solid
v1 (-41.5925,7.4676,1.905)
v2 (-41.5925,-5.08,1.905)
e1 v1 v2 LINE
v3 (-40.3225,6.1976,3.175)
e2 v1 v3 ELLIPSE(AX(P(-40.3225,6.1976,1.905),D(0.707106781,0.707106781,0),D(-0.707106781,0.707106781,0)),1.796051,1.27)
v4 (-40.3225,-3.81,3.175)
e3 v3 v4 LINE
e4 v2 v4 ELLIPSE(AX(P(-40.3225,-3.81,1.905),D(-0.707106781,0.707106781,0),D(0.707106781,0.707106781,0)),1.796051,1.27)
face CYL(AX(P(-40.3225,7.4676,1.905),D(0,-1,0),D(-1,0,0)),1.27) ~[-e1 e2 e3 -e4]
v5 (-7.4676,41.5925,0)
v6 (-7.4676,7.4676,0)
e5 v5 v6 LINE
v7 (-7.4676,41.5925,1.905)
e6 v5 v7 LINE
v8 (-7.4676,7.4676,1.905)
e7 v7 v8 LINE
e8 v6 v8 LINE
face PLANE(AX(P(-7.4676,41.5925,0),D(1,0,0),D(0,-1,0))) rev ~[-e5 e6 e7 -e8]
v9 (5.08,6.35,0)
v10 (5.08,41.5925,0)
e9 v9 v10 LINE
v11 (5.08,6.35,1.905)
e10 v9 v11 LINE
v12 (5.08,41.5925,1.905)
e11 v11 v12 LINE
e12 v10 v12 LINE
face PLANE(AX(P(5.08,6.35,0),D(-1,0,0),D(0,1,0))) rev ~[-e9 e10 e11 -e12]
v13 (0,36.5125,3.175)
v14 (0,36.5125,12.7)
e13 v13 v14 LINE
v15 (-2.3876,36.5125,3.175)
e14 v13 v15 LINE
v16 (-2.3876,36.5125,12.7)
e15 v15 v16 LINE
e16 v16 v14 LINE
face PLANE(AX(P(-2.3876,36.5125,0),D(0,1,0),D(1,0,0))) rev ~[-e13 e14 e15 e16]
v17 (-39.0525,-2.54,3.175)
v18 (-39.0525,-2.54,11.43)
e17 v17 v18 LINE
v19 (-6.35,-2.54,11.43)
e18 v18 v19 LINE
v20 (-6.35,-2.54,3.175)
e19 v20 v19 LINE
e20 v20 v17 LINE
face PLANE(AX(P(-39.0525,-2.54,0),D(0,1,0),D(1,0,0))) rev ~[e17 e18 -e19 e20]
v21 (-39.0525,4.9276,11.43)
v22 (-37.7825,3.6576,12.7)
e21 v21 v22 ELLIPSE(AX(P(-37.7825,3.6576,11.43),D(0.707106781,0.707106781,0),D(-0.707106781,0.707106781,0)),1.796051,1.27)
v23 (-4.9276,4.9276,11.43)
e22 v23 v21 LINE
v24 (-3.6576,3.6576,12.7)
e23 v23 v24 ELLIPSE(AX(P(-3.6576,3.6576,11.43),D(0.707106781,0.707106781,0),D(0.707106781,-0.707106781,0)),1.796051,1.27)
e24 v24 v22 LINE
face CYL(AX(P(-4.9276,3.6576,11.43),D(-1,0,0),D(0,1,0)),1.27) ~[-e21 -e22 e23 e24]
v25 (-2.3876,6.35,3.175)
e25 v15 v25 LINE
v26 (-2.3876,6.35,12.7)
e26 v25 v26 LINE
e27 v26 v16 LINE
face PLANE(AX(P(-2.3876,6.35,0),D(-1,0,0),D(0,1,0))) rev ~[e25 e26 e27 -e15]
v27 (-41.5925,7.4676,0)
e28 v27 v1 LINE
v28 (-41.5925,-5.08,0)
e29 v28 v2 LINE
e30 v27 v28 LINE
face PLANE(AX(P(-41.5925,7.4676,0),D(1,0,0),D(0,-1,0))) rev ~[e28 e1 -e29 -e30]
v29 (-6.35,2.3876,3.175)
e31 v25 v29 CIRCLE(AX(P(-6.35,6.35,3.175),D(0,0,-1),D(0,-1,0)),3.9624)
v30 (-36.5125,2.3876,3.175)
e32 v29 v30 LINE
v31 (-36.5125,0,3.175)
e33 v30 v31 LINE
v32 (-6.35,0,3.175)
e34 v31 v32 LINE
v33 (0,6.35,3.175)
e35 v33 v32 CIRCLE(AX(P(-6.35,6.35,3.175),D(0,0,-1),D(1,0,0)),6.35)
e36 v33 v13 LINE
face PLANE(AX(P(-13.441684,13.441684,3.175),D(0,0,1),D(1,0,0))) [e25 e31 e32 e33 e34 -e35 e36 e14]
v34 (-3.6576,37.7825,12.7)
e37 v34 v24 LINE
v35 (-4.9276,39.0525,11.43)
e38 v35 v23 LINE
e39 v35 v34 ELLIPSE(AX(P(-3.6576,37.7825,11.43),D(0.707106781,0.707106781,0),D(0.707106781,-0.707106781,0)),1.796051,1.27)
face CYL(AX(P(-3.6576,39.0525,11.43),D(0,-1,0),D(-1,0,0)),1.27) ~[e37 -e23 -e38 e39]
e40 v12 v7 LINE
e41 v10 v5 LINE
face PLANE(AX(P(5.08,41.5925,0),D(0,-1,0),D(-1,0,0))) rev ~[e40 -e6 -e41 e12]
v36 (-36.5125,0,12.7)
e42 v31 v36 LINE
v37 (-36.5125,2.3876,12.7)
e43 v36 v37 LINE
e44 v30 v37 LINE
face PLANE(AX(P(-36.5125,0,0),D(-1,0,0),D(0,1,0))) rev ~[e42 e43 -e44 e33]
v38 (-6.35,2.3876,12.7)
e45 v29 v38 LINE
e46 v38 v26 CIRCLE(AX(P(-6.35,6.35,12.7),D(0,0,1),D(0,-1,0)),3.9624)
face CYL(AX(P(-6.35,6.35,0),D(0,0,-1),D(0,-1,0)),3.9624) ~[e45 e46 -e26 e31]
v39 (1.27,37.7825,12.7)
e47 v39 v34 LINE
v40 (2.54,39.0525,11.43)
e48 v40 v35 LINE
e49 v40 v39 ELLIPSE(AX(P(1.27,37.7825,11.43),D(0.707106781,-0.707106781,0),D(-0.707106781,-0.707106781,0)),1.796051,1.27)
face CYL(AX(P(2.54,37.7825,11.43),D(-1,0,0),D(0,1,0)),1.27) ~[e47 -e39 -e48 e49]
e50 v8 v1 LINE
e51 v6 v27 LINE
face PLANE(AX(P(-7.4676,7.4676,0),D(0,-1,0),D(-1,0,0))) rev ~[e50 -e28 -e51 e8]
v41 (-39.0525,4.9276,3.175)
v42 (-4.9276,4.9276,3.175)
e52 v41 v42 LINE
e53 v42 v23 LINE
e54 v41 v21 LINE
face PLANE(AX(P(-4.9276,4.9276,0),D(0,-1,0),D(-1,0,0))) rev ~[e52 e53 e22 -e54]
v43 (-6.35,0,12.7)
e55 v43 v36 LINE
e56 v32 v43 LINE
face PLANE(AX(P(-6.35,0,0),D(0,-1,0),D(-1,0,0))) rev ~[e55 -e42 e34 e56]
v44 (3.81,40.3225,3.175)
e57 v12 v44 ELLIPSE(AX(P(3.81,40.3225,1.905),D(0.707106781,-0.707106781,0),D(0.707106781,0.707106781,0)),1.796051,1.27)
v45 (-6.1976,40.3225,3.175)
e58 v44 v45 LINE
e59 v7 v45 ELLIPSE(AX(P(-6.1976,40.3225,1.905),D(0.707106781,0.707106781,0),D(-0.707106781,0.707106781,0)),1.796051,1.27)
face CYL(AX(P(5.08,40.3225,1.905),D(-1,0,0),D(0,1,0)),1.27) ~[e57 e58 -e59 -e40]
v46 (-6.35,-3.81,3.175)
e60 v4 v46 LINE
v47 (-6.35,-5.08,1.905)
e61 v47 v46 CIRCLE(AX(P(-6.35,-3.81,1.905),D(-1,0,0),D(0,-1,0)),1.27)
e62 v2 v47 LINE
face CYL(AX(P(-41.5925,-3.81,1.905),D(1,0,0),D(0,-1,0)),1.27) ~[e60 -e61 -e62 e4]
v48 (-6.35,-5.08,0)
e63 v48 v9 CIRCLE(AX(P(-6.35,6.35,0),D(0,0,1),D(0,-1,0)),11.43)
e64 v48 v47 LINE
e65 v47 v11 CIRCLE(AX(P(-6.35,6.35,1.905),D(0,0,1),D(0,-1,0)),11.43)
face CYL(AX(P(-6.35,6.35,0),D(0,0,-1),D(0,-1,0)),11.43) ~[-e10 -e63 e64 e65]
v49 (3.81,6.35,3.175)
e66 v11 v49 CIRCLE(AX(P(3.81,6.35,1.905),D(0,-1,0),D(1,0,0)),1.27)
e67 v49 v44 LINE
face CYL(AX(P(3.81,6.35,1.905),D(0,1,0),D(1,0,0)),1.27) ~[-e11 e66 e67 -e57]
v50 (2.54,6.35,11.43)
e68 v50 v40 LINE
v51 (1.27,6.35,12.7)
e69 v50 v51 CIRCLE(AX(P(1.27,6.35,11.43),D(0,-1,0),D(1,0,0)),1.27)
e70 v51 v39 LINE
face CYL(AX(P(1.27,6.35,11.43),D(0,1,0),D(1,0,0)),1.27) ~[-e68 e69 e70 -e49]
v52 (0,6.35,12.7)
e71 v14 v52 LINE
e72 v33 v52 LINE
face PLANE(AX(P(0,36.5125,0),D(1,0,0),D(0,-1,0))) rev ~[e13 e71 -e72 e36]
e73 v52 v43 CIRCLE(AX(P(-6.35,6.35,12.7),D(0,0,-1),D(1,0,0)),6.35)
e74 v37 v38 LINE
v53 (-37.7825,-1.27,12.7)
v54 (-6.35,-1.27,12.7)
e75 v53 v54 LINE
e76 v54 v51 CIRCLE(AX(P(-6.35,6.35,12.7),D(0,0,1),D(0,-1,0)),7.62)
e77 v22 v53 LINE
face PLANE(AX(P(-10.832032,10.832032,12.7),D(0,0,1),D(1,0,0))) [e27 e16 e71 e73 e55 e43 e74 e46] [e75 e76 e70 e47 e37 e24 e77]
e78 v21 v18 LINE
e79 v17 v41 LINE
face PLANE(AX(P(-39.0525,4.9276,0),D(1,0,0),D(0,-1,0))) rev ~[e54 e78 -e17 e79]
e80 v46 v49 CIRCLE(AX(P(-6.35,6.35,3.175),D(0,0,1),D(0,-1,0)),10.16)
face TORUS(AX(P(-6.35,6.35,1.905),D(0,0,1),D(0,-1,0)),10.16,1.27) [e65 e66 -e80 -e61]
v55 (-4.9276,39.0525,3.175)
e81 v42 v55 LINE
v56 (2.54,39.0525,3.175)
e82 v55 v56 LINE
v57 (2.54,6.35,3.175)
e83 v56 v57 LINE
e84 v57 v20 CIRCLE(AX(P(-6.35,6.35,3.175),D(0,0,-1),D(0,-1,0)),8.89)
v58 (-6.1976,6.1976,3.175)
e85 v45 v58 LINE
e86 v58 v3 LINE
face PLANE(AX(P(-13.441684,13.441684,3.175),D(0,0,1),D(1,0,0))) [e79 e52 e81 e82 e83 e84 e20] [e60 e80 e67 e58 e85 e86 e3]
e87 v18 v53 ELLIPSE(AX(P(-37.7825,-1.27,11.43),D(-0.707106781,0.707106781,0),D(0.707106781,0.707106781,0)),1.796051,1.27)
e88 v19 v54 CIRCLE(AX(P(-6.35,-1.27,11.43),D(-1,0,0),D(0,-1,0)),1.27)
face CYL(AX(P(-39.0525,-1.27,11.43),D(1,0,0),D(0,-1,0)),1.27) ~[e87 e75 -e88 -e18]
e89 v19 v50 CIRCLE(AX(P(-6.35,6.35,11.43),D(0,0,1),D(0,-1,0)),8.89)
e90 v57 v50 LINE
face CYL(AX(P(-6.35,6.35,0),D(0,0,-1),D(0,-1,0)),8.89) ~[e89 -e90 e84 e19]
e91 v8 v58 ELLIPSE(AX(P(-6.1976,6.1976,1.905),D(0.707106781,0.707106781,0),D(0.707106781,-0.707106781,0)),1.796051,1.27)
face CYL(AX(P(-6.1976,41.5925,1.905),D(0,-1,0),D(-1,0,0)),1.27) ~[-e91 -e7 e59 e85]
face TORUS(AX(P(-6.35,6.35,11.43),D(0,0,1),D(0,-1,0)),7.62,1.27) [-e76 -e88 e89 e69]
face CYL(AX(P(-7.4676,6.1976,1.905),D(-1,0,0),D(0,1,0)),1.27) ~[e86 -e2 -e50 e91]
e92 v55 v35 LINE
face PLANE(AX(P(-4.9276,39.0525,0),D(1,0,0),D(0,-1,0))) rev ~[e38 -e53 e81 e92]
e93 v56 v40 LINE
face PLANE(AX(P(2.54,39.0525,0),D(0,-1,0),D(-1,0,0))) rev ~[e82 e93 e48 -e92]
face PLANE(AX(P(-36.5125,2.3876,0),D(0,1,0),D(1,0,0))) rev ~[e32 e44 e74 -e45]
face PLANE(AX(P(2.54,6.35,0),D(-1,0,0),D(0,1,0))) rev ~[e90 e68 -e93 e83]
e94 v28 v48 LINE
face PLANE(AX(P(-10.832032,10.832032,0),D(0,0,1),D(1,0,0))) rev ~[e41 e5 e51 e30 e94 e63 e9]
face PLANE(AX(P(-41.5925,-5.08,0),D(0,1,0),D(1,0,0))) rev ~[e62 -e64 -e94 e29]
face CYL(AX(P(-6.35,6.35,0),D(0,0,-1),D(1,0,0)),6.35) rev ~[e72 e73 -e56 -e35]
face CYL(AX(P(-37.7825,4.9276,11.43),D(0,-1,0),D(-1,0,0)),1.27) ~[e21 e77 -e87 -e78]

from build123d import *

# Parameters (mm, degrees)
F0_W     = 2.3876
F0_H     = 2.54
F0_W_2   = 2.54
F0_H_2   = 2.3876
F1_DEPTH = 3.175
F2_DEPTH = 12.7
F3_R     = 1.27


with BuildPart() as f1:
    # F0 (on Top) → F1 (new body)
    with BuildSketch(Plane.XY):
        Polygon((-34.1249, 7.4676), (-34.1249, 4.9276), (-4.9276, 4.9276), (-4.9276, 34.1249), (-7.4676, 34.1249), (-7.4676, 7.4676), align=None)
        with Locations((-35.3187, 6.1976)):
            Rectangle(F0_W, F0_H)
        with BuildLine():
            Line((-39.0525, 4.9276), (-36.5125, 4.9276))
            Line((-36.5125, 4.9276), (-36.5125, 7.4676))
            Line((-36.5125, 7.4676), (-41.5925, 7.4676))
            Line((-41.5925, 7.4676), (-41.5925, -5.08))
            Line((-41.5925, -5.08), (-6.35, -5.08))
            ThreePointArc((-6.35, -5.08), (1.732230509, -1.732230509), (5.08, 6.35))
            Line((5.08, 6.35), (5.08, 41.5925))
            Line((5.08, 41.5925), (-7.4676, 41.5925))
            Line((-7.4676, 41.5925), (-7.4676, 36.5125))
            Line((-7.4676, 36.5125), (-4.9276, 36.5125))
            Line((-4.9276, 36.5125), (-4.9276, 39.0525))
            Line((-4.9276, 39.0525), (2.54, 39.0525))
            Line((2.54, 39.0525), (2.54, 6.35))
            ThreePointArc((2.54, 6.35), (-0.0638207153, 0.0638207153), (-6.35, -2.54))
            Line((-6.35, -2.54), (-39.0525, -2.54))
            Line((-39.0525, -2.54), (-39.0525, 4.9276))
        make_face()
        with BuildLine():
            Line((-34.1249, 4.9276), (-34.1249, 2.3876))
            Line((-34.1249, 2.3876), (-6.35, 2.3876))
            ThreePointArc((-6.35, 2.3876), (-3.5481600902, 3.5481600902), (-2.3876, 6.35))
            Line((-2.3876, 6.35), (-2.3876, 34.1249))
            Line((-2.3876, 34.1249), (-4.9276, 34.1249))
            Line((-4.9276, 34.1249), (-4.9276, 4.9276))
            Line((-4.9276, 4.9276), (-34.1249, 4.9276))
        make_face()
        with BuildLine():
            Line((-36.5125, 0), (-6.35, 0))
            ThreePointArc((-6.35, 0), (-1.8598719395, 1.8598719395), (0, 6.35))
            Line((0, 6.35), (0, 36.5125))
            Line((0, 36.5125), (-2.3876, 36.5125))
            Line((-2.3876, 36.5125), (-2.3876, 34.1249))
            Line((-2.3876, 34.1249), (-2.3876, 6.35))
            ThreePointArc((-2.3876, 6.35), (-3.5481600902, 3.5481600902), (-6.35, 2.3876))
            Line((-6.35, 2.3876), (-34.1249, 2.3876))
            Line((-34.1249, 2.3876), (-36.5125, 2.3876))
            Line((-36.5125, 2.3876), (-36.5125, 0))
        make_face()
        with BuildLine():
            ThreePointArc((0, 6.35), (-1.8598719395, 1.8598719395), (-6.35, 0))
            Line((-6.35, 0), (-36.5125, 0))
            Line((-36.5125, 0), (-36.5125, 2.3876))
            Line((-36.5125, 2.3876), (-36.5125, 4.9276))
            Line((-36.5125, 4.9276), (-39.0525, 4.9276))
            Line((-39.0525, 4.9276), (-39.0525, -2.54))
            Line((-39.0525, -2.54), (-6.35, -2.54))
            ThreePointArc((-6.35, -2.54), (-0.0638207153, 0.0638207153), (2.54, 6.35))
            Line((2.54, 6.35), (2.54, 39.0525))
            Line((2.54, 39.0525), (-4.9276, 39.0525))
            Line((-4.9276, 39.0525), (-4.9276, 36.5125))
            Line((-4.9276, 36.5125), (-2.3876, 36.5125))
            Line((-2.3876, 36.5125), (0, 36.5125))
            Line((0, 36.5125), (0, 6.35))
        make_face()
        with Locations((-35.3187, 3.6576)):
            Rectangle(F0_W, F0_H)
        with Locations((-3.6576, 35.3187)):
            Rectangle(F0_W_2, F0_H_2)
        with Locations((-6.1976, 35.3187)):
            Rectangle(F0_W_2, F0_H_2)
    extrude(amount=F1_DEPTH)

    # F0 (on Top) → F2 (join)
    with BuildSketch(Plane.XY):
        with BuildLine():
            ThreePointArc((0, 6.35), (-1.8598719395, 1.8598719395), (-6.35, 0))
            Line((-6.35, 0), (-36.5125, 0))
            Line((-36.5125, 0), (-36.5125, 2.3876))
            Line((-36.5125, 2.3876), (-36.5125, 4.9276))
            Line((-36.5125, 4.9276), (-39.0525, 4.9276))
            Line((-39.0525, 4.9276), (-39.0525, -2.54))
            Line((-39.0525, -2.54), (-6.35, -2.54))
            ThreePointArc((-6.35, -2.54), (-0.0638207153, 0.0638207153), (2.54, 6.35))
            Line((2.54, 6.35), (2.54, 39.0525))
            Line((2.54, 39.0525), (-4.9276, 39.0525))
            Line((-4.9276, 39.0525), (-4.9276, 36.5125))
            Line((-4.9276, 36.5125), (-2.3876, 36.5125))
            Line((-2.3876, 36.5125), (0, 36.5125))
            Line((0, 36.5125), (0, 6.35))
        make_face()
        with BuildLine():
            Line((-34.1249, 4.9276), (-34.1249, 2.3876))
            Line((-34.1249, 2.3876), (-6.35, 2.3876))
            ThreePointArc((-6.35, 2.3876), (-3.5481600902, 3.5481600902), (-2.3876, 6.35))
            Line((-2.3876, 6.35), (-2.3876, 34.1249))
            Line((-2.3876, 34.1249), (-4.9276, 34.1249))
            Line((-4.9276, 34.1249), (-4.9276, 4.9276))
            Line((-4.9276, 4.9276), (-34.1249, 4.9276))
        make_face()
        with Locations((-35.3187, 3.6576)):
            Rectangle(F0_W, F0_H)
        with Locations((-3.6576, 35.3187)):
            Rectangle(F0_W_2, F0_H_2)
    extrude(amount=F2_DEPTH)

    # F3
    f3_edges = [f1.edges().sort_by_distance(p)[0] for p in [
        (5.08, 23.97125, 3.175),
        (-1.1938, 41.5925, 3.175),
        (-7.4676, 24.53005, 3.175),
        (-24.53005, 7.4676, 3.175),
        (-41.5925, 1.1938, 3.175),
        (-4.9276, 21.99005, 12.7),
        (-1.1938, 39.0525, 12.7),
        (2.54, 22.70125, 12.7),
        (-21.99005, 4.9276, 12.7),
        (-39.0525, 1.1938, 12.7),
    ]]
    fillet(f3_edges, radius=F3_R)


solid = f1.part
